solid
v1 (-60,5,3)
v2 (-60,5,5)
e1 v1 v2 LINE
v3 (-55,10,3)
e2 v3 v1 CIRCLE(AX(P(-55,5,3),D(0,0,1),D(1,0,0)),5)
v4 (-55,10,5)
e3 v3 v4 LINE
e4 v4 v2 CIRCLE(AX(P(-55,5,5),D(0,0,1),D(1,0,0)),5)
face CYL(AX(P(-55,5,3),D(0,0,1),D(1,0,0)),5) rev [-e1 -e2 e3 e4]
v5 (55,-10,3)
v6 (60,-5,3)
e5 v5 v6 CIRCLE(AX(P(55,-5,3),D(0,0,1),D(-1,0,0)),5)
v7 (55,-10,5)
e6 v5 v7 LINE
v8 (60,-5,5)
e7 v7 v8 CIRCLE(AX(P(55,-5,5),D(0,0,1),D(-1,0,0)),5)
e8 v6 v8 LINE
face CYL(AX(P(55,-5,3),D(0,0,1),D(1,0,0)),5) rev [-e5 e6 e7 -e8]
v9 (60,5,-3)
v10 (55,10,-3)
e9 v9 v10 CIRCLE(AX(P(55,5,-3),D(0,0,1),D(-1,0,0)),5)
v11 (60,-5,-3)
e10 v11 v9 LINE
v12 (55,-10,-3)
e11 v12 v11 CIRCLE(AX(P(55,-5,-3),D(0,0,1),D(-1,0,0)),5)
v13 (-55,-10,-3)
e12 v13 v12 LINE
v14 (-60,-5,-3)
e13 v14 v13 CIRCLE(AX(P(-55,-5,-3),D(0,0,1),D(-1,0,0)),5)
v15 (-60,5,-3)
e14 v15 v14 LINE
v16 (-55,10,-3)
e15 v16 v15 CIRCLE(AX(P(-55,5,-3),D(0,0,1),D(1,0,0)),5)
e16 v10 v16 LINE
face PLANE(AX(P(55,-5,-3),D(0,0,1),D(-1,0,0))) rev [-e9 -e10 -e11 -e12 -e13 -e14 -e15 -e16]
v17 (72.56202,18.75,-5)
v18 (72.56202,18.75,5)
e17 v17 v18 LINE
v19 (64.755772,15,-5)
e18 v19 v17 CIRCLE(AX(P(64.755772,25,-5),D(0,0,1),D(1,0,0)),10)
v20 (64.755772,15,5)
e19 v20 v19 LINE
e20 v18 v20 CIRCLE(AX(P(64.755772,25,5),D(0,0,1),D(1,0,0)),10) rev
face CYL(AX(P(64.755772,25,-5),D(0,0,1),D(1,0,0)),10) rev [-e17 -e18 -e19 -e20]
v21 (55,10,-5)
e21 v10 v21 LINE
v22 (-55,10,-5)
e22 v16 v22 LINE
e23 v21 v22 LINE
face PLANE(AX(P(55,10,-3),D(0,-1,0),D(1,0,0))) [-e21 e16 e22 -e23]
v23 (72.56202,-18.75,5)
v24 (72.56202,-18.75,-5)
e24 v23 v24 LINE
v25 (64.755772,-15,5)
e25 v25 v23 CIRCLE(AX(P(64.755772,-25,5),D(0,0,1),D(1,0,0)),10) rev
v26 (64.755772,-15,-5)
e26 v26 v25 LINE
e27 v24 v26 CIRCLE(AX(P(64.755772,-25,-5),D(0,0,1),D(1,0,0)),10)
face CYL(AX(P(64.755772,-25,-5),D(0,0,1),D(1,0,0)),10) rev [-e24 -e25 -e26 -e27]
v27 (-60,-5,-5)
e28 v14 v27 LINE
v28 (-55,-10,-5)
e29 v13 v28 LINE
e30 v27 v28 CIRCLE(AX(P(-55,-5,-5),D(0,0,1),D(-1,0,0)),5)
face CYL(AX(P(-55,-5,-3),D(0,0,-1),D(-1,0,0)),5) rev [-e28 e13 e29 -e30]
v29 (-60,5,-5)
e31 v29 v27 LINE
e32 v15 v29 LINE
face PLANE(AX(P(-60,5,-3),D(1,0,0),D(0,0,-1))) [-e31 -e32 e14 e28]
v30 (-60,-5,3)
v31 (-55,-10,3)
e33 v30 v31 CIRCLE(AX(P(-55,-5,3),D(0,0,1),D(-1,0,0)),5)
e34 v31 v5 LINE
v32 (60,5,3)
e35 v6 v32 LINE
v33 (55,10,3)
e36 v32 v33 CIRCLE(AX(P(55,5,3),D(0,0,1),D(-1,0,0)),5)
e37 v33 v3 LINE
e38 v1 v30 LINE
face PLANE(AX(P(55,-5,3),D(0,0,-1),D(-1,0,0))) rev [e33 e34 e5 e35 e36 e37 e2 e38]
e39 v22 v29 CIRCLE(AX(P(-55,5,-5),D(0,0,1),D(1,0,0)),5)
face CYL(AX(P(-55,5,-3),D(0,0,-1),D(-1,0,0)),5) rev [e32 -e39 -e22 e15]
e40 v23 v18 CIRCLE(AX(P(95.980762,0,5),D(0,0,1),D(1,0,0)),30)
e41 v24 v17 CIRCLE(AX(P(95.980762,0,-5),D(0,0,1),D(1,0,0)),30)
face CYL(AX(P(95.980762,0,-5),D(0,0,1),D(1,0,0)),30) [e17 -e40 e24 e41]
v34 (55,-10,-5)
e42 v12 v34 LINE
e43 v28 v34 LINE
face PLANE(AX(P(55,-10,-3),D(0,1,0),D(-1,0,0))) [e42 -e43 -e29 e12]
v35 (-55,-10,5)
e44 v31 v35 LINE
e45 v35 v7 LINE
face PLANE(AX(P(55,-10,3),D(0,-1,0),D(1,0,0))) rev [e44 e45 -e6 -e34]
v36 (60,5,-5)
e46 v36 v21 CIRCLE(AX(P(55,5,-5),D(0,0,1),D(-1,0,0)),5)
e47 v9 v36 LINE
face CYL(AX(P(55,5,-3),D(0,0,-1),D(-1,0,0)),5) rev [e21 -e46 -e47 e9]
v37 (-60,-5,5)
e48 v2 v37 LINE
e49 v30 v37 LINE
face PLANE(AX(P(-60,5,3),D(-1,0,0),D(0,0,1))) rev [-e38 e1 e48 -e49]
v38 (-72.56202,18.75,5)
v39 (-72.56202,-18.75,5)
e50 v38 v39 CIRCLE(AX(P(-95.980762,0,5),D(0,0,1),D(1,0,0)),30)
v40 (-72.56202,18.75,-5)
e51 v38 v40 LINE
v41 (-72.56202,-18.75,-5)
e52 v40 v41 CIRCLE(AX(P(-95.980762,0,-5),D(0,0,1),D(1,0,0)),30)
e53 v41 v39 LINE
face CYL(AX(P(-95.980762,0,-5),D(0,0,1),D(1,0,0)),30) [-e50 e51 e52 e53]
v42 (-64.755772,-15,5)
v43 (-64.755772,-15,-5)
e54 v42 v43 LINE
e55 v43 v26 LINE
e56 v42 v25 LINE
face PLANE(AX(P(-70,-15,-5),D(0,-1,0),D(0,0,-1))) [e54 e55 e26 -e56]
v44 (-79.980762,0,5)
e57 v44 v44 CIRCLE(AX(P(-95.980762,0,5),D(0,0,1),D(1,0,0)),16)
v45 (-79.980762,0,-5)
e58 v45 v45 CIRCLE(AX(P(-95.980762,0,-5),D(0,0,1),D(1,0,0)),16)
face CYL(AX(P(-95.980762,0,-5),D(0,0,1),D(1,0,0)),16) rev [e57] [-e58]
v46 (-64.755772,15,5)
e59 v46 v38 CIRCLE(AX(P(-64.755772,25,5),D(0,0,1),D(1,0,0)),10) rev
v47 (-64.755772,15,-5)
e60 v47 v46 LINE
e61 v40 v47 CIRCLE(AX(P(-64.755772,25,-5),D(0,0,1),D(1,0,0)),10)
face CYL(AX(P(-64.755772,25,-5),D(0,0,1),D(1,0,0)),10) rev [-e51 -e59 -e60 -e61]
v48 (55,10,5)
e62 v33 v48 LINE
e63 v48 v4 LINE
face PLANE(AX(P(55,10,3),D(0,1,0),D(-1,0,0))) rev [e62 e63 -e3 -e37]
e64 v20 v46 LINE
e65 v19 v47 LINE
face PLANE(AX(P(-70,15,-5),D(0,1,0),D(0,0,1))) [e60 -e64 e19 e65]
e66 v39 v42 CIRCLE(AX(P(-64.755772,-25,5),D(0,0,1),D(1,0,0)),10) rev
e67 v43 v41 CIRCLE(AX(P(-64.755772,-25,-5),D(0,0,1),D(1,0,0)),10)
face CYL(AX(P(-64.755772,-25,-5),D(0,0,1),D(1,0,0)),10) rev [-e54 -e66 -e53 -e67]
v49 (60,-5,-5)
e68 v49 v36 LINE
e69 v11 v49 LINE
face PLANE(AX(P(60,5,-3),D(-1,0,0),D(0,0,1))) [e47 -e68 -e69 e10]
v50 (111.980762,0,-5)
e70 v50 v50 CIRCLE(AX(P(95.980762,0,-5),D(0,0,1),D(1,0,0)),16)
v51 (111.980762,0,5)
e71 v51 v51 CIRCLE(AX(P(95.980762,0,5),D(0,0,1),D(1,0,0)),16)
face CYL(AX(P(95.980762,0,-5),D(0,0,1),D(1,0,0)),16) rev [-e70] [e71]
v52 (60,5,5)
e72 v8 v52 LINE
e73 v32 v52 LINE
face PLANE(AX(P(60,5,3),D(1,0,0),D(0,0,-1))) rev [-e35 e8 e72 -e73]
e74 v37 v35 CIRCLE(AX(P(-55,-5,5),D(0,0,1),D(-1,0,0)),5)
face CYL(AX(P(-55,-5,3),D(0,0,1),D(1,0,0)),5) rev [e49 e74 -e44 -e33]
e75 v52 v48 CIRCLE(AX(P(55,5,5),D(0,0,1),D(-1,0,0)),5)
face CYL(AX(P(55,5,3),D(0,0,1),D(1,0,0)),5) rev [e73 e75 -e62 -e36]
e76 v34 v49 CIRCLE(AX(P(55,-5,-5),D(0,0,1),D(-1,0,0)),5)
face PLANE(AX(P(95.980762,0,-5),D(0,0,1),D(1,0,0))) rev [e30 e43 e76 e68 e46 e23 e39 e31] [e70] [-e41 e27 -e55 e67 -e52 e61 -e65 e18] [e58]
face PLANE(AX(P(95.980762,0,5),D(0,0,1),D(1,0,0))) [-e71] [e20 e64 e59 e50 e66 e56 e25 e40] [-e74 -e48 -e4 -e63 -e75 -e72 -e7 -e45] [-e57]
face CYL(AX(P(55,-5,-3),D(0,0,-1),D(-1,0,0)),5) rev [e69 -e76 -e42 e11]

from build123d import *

# Parameters (mm, degrees)
BOSS_EXTRUDE1_DEPTH      = 5
BOSS_EXTRUDE1_DEPTH_BACK = 5
SKETCH1_R                = 16
FILLET1_R                = 10
CUT_EXTRUDE1_DEPTH       = 2


with BuildPart() as part:
    # Sketch1 → Boss-Extrude1 (new, two sides: drawn at the far end of the back side and taken through both)
    with BuildSketch(Plane.XY.offset(-BOSS_EXTRUDE1_DEPTH_BACK)):
        with BuildLine():
            Line((-70, -15), (70, -15))
            ThreePointArc((70, -15), (125.980762114, 0), (70, 15))
            Line((70, 15), (-70, 15))
            ThreePointArc((-70, 15), (-125.980762114, 0), (-70, -15))
        make_face()
        with Locations((-95.980762114, 0)):
            Circle(SKETCH1_R, mode=Mode.SUBTRACT)
        with Locations((95.980762114, 0)):
            Circle(SKETCH1_R, mode=Mode.SUBTRACT)
    extrude(amount=BOSS_EXTRUDE1_DEPTH + BOSS_EXTRUDE1_DEPTH_BACK)

    # Fillet1
    fillet1_edges = [part.edges().sort_by_distance(p)[0] for p in [
        (70, -15, 0),
        (-70, -15, 0),
        (-70, 15, 0),
        (70, 15, 0),
    ]]
    fillet(fillet1_edges, radius=FILLET1_R)

    # Sketch2 → Cut-Extrude1 (cut)
    with BuildSketch(Plane.XY.offset(5)):
        with BuildLine():
            Line((55, 10), (-55, 10))
            ThreePointArc((-55, 10), (-58.535533906, 8.535533906), (-60, 5))
            Line((-60, 5), (-60, -5))
            ThreePointArc((-60, -5), (-58.535533906, -8.535533906), (-55, -10))
            Line((-55, -10), (55, -10))
            ThreePointArc((55, -10), (58.535533906, -8.535533906), (60, -5))
            Line((60, -5), (60, 5))
            ThreePointArc((60, 5), (58.535533906, 8.535533906), (55, 10))
        make_face()
    cut_extrude1 = extrude(amount=-CUT_EXTRUDE1_DEPTH, mode=Mode.SUBTRACT)

    # Mirror4: Cut-Extrude1 across plane
    add(cut_extrude1.mirror(Plane.XY), mode=Mode.SUBTRACT)


solid = part.part
